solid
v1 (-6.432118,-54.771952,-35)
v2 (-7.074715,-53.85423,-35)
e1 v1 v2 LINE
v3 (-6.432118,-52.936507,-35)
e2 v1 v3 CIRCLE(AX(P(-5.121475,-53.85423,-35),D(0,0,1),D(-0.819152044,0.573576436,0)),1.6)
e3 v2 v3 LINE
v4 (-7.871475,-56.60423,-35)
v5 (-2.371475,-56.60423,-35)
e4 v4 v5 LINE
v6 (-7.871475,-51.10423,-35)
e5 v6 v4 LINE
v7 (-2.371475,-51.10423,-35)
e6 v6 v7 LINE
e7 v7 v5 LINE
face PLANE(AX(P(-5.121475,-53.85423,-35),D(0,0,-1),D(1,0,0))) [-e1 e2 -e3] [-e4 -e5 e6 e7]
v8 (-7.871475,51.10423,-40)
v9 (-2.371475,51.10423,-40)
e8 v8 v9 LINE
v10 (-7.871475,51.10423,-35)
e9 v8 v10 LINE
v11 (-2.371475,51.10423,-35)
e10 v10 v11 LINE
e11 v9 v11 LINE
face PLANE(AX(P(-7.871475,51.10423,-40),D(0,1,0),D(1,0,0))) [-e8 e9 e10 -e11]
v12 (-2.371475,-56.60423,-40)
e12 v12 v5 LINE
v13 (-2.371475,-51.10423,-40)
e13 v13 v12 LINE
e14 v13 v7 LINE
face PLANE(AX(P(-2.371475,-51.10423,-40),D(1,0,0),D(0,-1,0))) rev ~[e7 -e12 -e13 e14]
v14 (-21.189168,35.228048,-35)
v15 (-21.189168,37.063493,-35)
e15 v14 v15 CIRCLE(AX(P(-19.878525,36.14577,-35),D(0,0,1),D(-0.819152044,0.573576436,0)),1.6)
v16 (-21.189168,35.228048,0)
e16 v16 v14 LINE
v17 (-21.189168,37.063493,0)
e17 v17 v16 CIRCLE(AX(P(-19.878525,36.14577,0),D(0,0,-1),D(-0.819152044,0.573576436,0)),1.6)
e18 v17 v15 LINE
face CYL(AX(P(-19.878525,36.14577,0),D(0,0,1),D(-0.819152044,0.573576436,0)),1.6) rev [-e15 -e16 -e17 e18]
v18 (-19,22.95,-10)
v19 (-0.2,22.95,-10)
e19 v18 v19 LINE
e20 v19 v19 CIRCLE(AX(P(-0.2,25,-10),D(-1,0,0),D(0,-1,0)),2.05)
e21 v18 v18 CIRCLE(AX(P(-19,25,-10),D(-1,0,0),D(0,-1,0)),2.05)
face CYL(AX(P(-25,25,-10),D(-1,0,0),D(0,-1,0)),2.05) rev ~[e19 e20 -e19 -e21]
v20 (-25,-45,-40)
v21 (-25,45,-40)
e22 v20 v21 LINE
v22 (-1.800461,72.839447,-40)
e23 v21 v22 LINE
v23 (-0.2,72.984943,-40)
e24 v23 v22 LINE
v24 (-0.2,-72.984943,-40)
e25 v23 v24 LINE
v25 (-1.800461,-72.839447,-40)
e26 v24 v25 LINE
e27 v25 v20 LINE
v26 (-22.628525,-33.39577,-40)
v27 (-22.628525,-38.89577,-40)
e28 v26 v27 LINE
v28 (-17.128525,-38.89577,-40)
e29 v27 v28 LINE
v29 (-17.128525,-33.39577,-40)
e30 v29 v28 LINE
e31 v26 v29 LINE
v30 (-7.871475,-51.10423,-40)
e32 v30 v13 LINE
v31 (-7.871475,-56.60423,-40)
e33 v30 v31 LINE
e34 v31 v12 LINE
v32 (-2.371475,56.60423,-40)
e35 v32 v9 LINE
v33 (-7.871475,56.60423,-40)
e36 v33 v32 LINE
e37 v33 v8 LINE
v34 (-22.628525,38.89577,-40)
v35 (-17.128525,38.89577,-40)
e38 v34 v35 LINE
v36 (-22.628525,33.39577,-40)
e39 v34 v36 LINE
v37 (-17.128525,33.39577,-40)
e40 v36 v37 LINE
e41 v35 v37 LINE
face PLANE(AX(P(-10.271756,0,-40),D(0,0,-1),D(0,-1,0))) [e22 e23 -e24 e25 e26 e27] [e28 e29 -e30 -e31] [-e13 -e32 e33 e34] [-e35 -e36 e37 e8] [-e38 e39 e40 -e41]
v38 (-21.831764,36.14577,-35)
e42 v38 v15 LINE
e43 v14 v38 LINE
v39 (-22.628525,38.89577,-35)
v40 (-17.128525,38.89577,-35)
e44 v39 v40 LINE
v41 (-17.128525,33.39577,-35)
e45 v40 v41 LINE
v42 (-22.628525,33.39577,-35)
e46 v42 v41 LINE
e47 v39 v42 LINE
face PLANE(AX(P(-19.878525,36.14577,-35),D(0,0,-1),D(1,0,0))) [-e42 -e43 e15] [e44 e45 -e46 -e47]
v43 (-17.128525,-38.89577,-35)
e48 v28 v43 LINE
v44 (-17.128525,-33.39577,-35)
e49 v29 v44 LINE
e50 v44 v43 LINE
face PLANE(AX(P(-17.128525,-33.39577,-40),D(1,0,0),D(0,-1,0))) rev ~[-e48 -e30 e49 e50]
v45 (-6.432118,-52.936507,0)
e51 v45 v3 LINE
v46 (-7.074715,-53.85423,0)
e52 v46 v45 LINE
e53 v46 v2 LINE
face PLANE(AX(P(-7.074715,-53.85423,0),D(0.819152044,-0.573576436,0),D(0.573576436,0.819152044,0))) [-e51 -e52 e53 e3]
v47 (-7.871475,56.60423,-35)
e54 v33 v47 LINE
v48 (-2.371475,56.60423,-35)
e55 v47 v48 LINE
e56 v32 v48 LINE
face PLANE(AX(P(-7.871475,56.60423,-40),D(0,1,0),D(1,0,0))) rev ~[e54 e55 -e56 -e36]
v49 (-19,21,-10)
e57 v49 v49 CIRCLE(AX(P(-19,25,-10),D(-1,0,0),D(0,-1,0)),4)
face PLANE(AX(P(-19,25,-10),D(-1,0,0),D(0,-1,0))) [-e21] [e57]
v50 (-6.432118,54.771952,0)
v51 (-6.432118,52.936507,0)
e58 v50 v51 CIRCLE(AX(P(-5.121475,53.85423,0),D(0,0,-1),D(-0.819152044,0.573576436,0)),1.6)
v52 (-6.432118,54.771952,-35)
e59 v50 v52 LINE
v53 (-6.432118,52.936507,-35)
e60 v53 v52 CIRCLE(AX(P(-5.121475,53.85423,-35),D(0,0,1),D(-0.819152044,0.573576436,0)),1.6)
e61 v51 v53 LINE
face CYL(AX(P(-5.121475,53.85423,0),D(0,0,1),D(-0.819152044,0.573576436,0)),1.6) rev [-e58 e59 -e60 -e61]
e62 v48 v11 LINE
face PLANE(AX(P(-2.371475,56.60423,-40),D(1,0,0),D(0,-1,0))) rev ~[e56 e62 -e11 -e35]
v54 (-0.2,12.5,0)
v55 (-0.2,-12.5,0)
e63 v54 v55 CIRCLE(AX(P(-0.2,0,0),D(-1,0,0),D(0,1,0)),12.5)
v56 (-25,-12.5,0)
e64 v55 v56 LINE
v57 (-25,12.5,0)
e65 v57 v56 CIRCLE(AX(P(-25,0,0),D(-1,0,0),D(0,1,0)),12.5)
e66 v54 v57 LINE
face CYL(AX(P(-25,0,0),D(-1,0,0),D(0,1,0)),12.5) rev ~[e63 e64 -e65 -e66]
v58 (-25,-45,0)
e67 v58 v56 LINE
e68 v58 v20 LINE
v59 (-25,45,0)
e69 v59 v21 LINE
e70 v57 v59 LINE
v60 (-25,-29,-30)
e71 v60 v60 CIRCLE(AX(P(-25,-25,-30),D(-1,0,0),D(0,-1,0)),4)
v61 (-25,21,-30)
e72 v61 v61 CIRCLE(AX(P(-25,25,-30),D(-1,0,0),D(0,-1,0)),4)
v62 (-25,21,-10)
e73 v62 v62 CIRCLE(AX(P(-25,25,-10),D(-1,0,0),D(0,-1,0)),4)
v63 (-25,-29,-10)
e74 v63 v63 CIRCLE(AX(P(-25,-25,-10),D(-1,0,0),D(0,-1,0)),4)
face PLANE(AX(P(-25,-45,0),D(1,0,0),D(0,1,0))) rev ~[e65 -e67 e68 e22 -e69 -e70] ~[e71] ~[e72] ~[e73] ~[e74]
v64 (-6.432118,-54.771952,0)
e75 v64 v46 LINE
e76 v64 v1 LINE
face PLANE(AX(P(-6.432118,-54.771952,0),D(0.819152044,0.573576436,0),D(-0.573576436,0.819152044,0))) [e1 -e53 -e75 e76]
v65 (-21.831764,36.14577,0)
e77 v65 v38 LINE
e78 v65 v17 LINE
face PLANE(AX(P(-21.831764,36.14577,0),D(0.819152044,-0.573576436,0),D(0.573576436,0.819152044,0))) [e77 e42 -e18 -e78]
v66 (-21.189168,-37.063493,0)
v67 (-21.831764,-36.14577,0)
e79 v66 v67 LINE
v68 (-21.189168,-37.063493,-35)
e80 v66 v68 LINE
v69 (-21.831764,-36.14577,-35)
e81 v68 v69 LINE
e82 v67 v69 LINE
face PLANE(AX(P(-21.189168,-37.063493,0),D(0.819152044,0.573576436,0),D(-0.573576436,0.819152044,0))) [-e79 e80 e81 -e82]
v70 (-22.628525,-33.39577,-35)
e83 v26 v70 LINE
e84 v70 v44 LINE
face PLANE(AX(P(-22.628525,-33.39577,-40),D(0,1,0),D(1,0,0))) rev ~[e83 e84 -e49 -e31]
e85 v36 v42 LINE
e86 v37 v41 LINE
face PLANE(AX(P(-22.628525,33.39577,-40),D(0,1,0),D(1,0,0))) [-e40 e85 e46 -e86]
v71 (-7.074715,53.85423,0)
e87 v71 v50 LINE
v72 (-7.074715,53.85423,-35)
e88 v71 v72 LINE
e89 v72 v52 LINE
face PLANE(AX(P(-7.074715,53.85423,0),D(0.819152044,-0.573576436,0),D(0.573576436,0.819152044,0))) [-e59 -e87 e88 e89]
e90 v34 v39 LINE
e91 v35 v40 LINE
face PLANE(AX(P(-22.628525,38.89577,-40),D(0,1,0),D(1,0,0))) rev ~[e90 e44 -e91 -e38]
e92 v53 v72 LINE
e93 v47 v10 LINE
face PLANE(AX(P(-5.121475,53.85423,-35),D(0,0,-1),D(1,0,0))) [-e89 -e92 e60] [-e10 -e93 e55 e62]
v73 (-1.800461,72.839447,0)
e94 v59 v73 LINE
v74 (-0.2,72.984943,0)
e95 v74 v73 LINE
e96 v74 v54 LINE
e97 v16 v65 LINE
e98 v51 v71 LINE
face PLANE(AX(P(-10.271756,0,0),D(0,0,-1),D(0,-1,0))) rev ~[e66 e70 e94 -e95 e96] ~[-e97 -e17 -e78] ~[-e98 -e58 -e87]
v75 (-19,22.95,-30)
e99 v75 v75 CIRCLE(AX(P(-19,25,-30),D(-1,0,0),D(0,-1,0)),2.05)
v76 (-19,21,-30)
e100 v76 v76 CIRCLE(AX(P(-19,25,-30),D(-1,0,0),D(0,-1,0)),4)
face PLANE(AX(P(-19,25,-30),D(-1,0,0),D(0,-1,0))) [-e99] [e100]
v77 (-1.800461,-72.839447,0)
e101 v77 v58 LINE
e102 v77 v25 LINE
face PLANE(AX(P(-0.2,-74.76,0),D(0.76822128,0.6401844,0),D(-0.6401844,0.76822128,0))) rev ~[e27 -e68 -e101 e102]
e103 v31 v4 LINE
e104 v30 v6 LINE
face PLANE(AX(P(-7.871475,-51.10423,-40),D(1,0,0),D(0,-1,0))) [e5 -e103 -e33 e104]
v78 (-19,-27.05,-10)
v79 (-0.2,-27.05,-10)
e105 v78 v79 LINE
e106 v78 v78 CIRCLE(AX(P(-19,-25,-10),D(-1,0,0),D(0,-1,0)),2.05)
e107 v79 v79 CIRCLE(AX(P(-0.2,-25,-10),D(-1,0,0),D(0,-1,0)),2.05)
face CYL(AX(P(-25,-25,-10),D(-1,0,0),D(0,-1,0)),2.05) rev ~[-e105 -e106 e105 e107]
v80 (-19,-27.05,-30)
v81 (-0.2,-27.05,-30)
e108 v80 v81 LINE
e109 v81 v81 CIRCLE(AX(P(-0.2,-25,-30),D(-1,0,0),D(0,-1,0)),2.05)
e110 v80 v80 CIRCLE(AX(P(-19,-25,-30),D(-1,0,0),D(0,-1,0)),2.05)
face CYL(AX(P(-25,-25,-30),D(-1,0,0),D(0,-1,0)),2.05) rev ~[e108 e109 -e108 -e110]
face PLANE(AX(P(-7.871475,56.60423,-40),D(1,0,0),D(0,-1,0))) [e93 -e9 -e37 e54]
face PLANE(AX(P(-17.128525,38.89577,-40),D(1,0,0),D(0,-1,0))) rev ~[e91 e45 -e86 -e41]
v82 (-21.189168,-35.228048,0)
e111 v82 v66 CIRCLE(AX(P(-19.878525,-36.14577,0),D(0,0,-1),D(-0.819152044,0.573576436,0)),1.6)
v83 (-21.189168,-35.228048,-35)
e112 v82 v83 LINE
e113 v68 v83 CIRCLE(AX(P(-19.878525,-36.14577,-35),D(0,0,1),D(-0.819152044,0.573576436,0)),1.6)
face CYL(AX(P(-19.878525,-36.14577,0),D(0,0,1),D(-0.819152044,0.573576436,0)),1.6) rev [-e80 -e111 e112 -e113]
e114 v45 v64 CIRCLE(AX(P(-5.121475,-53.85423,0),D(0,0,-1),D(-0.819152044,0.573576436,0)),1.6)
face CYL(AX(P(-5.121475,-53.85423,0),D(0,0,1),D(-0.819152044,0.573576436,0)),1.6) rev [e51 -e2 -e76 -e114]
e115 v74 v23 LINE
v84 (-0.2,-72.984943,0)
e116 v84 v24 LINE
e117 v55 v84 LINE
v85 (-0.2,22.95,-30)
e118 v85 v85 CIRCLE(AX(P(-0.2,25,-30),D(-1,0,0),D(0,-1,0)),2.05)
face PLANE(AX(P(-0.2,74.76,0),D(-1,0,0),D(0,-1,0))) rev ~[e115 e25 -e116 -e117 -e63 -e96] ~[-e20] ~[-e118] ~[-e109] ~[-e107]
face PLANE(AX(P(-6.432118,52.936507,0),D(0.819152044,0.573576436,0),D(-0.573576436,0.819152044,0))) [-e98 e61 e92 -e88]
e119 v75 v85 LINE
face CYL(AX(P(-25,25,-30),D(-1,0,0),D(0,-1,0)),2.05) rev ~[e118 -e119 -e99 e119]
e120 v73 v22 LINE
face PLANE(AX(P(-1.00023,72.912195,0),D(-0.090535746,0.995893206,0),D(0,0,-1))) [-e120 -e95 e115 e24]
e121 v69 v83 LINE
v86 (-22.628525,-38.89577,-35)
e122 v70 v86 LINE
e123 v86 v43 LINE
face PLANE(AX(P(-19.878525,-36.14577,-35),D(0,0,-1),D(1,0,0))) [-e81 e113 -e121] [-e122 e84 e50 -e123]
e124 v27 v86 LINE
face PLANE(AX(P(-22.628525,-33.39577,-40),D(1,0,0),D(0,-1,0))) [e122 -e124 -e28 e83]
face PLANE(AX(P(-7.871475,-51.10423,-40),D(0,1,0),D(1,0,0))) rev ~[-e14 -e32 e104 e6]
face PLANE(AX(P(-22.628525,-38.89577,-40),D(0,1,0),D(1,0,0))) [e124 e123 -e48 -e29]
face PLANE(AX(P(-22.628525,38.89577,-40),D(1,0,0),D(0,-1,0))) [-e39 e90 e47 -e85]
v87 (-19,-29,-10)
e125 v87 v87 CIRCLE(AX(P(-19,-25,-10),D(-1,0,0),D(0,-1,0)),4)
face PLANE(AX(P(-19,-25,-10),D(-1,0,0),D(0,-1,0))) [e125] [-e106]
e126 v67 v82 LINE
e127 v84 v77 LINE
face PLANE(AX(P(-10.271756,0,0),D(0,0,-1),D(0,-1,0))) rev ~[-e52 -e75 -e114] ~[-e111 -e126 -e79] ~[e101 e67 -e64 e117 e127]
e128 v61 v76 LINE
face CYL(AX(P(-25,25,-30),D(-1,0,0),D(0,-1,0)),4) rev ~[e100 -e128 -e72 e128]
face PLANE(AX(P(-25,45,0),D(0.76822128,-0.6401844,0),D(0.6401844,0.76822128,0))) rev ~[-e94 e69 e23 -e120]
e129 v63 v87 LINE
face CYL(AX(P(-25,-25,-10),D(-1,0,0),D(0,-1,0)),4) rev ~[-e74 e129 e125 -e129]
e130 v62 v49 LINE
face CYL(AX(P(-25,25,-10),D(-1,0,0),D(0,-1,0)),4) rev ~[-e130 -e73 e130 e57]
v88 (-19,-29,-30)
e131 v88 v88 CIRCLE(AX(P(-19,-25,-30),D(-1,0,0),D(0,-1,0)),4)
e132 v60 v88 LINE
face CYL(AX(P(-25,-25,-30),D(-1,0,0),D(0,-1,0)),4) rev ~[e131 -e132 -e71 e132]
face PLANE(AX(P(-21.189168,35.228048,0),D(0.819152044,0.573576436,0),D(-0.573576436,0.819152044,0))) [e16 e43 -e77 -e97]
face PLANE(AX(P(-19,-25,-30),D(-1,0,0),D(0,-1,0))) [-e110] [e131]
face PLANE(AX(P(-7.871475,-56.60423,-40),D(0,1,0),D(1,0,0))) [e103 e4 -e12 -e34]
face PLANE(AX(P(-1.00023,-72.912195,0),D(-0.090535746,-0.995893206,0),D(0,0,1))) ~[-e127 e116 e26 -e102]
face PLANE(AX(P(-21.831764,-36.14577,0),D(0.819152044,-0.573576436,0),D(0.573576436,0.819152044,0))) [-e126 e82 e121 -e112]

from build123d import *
from OCP.BRepFilletAPI import BRepFilletAPI_MakeChamfer

# Parameters (mm, degrees)
BOSS_EXTRUDE1_DEPTH = 40
SKETCH2_R           = 2.05
CUT_EXTRUDE1_DEPTH  = 89.340803709
SKETCH2_4_R         = 4
SKETCH2_4_R_2       = 2.05
CUT_EXTRUDE2_DEPTH  = 6
CHAMFER1_SIZE       = 2.5
CHAMFER1_SIZE2      = 1.775056745
SKETCH3_W           = 5.5
SKETCH3_H           = 5.5
CUT_EXTRUDE3_DEPTH  = 5


with BuildPart() as part:
    # Sketch1 → Boss-Extrude1 (new body)
    with BuildSketch(Plane(origin=(0, 0, 0), x_dir=(0, 1, 0), z_dir=(0, 0, 1))):
        Polygon((-45, 25), (45, 25), (74.76, 0.2), (-74.76, 0.2), align=None)
        with BuildLine():
            Line((-54.771952061, 6.432118468), (-53.854229763, 7.074714539))
            Line((-53.854229763, 7.074714539), (-52.936507465, 6.432118468))
            ThreePointArc((-52.936507465, 6.432118468), (-53.854229763, 3.521475197), (-54.771952061, 6.432118468))
        make_face(mode=Mode.SUBTRACT)
        with BuildLine():
            Line((-37.063492535, 21.189168074), (-36.145770237, 21.831764145))
            Line((-36.145770237, 21.831764145), (-35.228047939, 21.189168074))
            ThreePointArc((-35.228047939, 21.189168074), (-36.145770237, 18.278524803), (-37.063492535, 21.189168074))
        make_face(mode=Mode.SUBTRACT)
        with BuildLine():
            Line((35.228047939, 21.189168074), (36.145770237, 21.831764145))
            Line((36.145770237, 21.831764145), (37.063492535, 21.189168074))
            ThreePointArc((37.063492535, 21.189168074), (36.145770237, 18.278524803), (35.228047939, 21.189168074))
        make_face(mode=Mode.SUBTRACT)
        with BuildLine():
            Line((52.936507465, 6.432118468), (53.854229763, 7.074714539))
            Line((53.854229763, 7.074714539), (54.771952061, 6.432118468))
            ThreePointArc((54.771952061, 6.432118468), (53.854229763, 3.521475197), (52.936507465, 6.432118468))
        make_face(mode=Mode.SUBTRACT)
    extrude(amount=-BOSS_EXTRUDE1_DEPTH)

    # Sketch2 → Cut-Extrude1 (cut, through all)
    with BuildSketch(Plane(origin=(-25, 0, 0), x_dir=(0, -1, 0), z_dir=(-1, 0, 0))):
        with BuildLine():
            Line((12.5, 0), (-12.5, 0))
            ThreePointArc((-12.5, 0), (0, -12.5), (12.5, 0))
        make_face()
        with Locations((-25, -30)):
            Circle(SKETCH2_R)
        with Locations((-25, -10)):
            Circle(SKETCH2_R)
        with Locations((25, -10)):
            Circle(SKETCH2_R)
        with Locations((25, -30)):
            Circle(SKETCH2_R)
    extrude(amount=-CUT_EXTRUDE1_DEPTH, mode=Mode.SUBTRACT)

    # Sketch2<4> → Cut-Extrude2 (cut)
    # profile 1 of 5: a face of its own
    with BuildSketch(Plane(origin=(-25, 0, 0), x_dir=(0, -1, 0), z_dir=(-1, 0, 0))):
        with Locations((-25, -10)):
            Circle(SKETCH2_4_R)
        with Locations((-25, -10)):
            Circle(SKETCH2_4_R_2, mode=Mode.SUBTRACT)
    # profile 2 of 5: a face of its own
    with BuildSketch(Plane(origin=(-25, 0, 0), x_dir=(0, -1, 0), z_dir=(-1, 0, 0))):
        with Locations((-25, -30)):
            Circle(SKETCH2_4_R)
        with Locations((-25, -30)):
            Circle(SKETCH2_4_R_2, mode=Mode.SUBTRACT)
    # profile 3 of 5: a face of its own
    with BuildSketch(Plane(origin=(-25, 0, 0), x_dir=(0, -1, 0), z_dir=(-1, 0, 0))):
        with Locations((25, -10)):
            Circle(SKETCH2_4_R)
        with Locations((25, -10)):
            Circle(SKETCH2_4_R_2, mode=Mode.SUBTRACT)
    # profile 4 of 5: a face of its own
    with BuildSketch(Plane(origin=(-25, 0, 0), x_dir=(0, -1, 0), z_dir=(-1, 0, 0))):
        with Locations((25, -30)):
            Circle(SKETCH2_4_R)
        with Locations((25, -30)):
            Circle(SKETCH2_4_R_2, mode=Mode.SUBTRACT)
    # profile 5 of 5: a face of its own
    with BuildSketch(Plane(origin=(-25, 0, 0), x_dir=(0, -1, 0), z_dir=(-1, 0, 0))):
        with BuildLine():
            Line((-12.5, 0), (12.5, 0))
            ThreePointArc((12.5, 0), (0, -12.5), (-12.5, 0))
        make_face()
    extrude(amount=-CUT_EXTRUDE2_DEPTH, mode=Mode.SUBTRACT)

    # Chamfer1: one chamfer whose edges measure the first distance from different faces: ONE call of the kernel's chamfer builder (chamfer() names one face for all edges)
    chamfer1_edges_1 = [part.edges().sort_by_distance(p)[0] for p in [
        (-0.2, -74.76, -20),
    ]]
    chamfer1_side_1 = [part.faces().sort_by_distance(p)[0] for p in [
        (-12.6, -59.88, -20),
    ]]
    chamfer1_edges_2 = [part.edges().sort_by_distance(p)[0] for p in [
        (-0.2, 74.76, -20),
    ]]
    chamfer1_side_2 = [part.faces().sort_by_distance(p)[0] for p in [
        (-12.6, 59.88, -20),
    ]]
    chamfer1 = BRepFilletAPI_MakeChamfer(part.part.solid().wrapped)
    for e in chamfer1_edges_1:
        chamfer1.Add(CHAMFER1_SIZE, CHAMFER1_SIZE2, e.wrapped, chamfer1_side_1[0].wrapped)  # the first distance lies on this face
    for e in chamfer1_edges_2:
        chamfer1.Add(CHAMFER1_SIZE, CHAMFER1_SIZE2, e.wrapped, chamfer1_side_2[0].wrapped)  # the first distance lies on this face
    add(Compound.cast(chamfer1.Shape()), mode=Mode.REPLACE)

    # Sketch3 → Cut-Extrude3 (cut)
    with BuildSketch(Plane(origin=(0, 0, -40), x_dir=(1, 0, 0), z_dir=(0, 0, -1))):
        with Locations((-19.878524803, 36.145770237)):
            Rectangle(SKETCH3_W, SKETCH3_H)
        with Locations((-5.121475197, 53.854229763)):
            Rectangle(SKETCH3_W, SKETCH3_H)
        with Locations((-19.878524803, -36.145770237)):
            Rectangle(SKETCH3_W, SKETCH3_H)
        with Locations((-5.121475197, -53.854229763)):
            Rectangle(SKETCH3_W, SKETCH3_H)
    extrude(amount=-CUT_EXTRUDE3_DEPTH, mode=Mode.SUBTRACT)


solid = part.part
